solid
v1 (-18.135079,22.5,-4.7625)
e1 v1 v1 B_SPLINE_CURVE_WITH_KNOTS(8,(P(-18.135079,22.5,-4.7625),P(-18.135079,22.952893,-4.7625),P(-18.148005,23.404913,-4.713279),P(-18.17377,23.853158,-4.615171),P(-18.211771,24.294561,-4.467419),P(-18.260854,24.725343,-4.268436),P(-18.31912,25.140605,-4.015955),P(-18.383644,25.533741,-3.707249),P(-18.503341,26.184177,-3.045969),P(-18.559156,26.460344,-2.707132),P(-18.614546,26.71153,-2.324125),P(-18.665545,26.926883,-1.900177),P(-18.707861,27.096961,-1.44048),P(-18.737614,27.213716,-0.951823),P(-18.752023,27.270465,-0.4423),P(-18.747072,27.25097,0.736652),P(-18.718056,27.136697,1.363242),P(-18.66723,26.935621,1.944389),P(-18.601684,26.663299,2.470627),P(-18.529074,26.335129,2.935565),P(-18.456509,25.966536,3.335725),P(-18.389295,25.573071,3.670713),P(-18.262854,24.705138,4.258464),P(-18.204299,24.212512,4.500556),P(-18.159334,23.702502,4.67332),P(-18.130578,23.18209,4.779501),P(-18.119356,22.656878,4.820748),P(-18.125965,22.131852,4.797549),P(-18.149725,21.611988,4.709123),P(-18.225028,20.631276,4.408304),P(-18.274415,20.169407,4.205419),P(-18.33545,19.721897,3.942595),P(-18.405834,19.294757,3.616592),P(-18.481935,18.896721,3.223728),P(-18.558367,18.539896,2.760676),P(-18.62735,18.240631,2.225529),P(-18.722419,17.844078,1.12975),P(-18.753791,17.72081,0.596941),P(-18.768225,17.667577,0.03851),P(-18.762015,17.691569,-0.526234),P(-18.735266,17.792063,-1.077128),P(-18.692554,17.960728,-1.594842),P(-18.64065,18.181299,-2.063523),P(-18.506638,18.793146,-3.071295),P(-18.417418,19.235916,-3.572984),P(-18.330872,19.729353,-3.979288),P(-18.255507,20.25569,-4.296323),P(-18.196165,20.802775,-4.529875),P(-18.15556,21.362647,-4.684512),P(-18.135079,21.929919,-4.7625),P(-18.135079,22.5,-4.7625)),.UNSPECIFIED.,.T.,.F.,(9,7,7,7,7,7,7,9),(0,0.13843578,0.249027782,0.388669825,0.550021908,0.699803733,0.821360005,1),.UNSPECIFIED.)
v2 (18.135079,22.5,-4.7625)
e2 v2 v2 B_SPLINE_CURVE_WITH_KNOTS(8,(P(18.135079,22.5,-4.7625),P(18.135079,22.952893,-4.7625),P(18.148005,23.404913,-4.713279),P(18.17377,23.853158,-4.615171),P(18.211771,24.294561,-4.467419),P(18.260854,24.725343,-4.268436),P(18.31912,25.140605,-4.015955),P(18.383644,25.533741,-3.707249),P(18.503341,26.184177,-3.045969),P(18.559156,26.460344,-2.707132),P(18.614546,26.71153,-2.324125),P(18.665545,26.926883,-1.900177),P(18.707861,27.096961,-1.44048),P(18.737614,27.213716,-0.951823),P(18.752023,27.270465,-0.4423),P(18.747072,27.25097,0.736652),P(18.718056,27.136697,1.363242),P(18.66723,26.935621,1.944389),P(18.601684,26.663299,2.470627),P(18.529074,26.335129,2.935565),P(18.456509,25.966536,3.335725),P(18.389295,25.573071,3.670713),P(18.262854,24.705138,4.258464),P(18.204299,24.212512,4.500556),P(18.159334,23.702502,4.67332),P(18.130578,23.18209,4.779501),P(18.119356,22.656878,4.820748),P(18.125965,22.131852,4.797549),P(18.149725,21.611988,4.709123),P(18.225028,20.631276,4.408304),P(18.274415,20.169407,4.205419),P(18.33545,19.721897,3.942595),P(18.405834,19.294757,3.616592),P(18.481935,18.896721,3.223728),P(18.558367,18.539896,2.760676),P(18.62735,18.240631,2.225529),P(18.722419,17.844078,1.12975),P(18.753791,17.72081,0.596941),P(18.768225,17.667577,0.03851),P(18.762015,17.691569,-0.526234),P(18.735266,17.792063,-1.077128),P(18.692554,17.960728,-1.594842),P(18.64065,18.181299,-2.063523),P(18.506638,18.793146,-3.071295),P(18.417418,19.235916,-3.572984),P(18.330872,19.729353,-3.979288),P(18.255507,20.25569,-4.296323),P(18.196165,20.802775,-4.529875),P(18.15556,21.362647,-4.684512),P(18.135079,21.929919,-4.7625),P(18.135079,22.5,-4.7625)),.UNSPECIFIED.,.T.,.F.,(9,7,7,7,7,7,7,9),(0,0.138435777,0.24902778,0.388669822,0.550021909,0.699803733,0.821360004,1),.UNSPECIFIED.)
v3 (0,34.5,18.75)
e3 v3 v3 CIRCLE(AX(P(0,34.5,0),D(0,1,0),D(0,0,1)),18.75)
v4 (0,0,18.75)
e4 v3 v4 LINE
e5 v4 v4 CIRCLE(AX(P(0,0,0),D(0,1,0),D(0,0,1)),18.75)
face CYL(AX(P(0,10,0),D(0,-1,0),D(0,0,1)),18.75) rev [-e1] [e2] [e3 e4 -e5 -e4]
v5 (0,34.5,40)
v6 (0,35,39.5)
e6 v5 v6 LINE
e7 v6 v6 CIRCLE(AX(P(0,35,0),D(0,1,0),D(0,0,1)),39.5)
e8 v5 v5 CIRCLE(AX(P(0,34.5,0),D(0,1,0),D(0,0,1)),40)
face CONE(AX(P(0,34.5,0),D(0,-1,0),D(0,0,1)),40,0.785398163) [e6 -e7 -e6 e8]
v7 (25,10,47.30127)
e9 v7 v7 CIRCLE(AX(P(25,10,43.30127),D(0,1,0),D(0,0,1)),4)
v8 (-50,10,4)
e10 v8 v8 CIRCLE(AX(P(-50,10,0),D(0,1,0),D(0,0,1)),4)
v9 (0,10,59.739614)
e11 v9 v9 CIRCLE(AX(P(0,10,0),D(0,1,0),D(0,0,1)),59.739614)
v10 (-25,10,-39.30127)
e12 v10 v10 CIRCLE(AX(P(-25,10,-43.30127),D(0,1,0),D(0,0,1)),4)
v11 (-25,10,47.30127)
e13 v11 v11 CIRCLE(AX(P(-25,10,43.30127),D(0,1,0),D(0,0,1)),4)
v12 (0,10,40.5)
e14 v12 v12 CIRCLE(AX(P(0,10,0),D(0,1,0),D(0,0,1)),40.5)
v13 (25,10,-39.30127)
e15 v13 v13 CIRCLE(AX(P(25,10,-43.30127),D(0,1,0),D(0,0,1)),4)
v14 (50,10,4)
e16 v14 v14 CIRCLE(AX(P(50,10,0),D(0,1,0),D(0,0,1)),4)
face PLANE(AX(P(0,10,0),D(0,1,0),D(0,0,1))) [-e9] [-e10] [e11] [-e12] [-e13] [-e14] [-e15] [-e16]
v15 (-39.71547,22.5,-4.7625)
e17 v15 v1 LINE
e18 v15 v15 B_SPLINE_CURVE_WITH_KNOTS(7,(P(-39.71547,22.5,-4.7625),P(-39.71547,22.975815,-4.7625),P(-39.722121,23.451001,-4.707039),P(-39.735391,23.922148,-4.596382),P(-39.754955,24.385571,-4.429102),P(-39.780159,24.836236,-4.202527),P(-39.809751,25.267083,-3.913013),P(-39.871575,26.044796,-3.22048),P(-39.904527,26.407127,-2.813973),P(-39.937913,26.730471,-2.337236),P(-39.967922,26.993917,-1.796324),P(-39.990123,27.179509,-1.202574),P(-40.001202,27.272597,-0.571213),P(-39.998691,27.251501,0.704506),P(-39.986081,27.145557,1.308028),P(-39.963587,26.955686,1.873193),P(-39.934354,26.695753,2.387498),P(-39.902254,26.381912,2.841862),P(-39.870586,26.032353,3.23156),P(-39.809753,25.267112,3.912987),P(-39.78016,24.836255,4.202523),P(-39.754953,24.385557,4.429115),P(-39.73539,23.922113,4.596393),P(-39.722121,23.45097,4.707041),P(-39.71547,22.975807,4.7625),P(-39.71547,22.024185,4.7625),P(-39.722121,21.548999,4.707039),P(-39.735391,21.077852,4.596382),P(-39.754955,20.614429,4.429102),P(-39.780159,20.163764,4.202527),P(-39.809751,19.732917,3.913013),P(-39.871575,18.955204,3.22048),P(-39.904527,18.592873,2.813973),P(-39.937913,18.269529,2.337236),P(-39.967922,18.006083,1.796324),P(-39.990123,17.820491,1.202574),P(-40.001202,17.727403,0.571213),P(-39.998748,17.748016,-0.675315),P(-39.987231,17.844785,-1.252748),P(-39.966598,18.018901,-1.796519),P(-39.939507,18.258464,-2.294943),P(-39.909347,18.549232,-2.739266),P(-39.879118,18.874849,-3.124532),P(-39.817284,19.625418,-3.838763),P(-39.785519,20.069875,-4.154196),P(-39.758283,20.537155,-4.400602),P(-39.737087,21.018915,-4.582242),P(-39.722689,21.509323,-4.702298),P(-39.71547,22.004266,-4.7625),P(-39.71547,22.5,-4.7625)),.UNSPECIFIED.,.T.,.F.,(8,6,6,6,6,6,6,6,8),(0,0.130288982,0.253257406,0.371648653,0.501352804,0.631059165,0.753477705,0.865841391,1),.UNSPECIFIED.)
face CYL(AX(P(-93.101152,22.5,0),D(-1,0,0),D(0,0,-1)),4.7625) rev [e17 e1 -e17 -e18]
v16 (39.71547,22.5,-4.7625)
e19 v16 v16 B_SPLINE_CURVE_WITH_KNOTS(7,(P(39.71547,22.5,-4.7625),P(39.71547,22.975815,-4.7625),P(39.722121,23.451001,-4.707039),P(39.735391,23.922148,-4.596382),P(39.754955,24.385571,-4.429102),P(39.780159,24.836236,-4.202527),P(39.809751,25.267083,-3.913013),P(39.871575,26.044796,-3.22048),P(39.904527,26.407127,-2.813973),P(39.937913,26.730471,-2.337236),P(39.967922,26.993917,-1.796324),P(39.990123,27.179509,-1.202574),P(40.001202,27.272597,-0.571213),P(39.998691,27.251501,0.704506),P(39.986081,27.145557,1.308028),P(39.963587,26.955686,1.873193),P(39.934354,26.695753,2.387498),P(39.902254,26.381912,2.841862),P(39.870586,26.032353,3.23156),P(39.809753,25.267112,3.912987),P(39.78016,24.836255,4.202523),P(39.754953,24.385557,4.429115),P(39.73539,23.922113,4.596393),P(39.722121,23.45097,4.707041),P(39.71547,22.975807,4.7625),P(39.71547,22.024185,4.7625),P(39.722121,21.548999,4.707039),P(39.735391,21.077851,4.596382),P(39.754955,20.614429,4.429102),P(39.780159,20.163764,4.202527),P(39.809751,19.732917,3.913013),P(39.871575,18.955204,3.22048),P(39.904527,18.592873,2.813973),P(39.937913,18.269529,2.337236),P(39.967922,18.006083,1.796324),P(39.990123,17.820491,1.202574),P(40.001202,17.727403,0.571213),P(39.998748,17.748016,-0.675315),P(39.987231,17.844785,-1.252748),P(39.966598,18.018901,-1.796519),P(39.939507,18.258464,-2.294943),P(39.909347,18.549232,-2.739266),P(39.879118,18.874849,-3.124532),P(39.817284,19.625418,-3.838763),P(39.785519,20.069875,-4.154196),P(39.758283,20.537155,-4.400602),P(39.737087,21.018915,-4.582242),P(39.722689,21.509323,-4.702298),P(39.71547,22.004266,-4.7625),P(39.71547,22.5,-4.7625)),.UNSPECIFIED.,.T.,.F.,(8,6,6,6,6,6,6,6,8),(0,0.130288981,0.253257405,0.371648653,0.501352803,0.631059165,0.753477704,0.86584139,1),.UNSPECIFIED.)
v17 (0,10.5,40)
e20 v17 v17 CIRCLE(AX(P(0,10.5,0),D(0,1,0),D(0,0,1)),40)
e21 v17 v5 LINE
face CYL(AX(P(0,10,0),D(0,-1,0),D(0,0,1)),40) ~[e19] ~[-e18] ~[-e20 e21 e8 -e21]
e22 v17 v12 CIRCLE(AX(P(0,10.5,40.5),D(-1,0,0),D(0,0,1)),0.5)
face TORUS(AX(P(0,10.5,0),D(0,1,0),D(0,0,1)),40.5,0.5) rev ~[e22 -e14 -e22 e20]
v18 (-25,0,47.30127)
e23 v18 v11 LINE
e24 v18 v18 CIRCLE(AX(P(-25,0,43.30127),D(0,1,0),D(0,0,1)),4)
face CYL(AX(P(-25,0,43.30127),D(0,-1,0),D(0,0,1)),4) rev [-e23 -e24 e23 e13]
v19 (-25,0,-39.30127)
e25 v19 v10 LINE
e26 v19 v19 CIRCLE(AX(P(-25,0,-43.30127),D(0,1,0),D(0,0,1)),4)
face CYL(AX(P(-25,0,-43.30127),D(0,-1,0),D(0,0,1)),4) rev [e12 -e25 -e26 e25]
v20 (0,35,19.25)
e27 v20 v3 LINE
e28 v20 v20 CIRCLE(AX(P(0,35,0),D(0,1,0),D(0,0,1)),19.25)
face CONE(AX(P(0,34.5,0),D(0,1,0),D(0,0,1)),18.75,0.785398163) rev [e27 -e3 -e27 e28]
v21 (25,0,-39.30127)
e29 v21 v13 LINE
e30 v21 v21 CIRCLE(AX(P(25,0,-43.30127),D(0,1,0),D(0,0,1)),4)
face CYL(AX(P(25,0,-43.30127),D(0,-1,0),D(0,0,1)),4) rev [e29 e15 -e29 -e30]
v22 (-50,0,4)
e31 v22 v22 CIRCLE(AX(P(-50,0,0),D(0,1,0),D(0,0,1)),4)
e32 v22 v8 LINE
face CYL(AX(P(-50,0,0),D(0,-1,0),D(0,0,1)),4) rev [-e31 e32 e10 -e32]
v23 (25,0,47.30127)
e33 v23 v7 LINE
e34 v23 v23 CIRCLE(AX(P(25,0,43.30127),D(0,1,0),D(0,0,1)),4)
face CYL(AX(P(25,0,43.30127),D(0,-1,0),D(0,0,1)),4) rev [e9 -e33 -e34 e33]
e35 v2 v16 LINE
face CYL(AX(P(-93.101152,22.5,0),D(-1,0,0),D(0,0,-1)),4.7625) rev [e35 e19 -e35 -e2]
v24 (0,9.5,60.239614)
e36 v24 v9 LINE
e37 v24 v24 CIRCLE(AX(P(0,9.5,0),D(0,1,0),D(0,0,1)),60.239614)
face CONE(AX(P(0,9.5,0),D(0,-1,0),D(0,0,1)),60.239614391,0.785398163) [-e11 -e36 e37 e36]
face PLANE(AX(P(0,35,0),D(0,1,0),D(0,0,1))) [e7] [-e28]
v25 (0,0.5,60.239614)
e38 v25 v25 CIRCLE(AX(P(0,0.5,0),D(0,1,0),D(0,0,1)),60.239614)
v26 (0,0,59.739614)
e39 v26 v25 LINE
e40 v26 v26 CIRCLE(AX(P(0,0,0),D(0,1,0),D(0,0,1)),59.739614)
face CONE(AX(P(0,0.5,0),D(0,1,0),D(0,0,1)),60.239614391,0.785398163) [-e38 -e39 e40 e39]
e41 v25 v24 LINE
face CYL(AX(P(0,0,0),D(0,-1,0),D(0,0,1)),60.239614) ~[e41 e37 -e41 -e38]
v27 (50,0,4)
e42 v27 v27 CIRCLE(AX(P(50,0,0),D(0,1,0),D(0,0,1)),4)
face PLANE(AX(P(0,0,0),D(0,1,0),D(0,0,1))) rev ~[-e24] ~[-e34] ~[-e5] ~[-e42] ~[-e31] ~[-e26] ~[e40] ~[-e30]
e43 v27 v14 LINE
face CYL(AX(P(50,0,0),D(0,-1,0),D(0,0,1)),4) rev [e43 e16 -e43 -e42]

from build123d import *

# Parameters (mm, degrees)
CROQUIS1_R                 = 60.239614391
CROQUIS1_R_2               = 18.75
CROQUIS1_R_3               = 4
SALIENTE_EXTRUIR1_DEPTH    = 10
CROQUIS2_R                 = 40
CROQUIS2_R_2               = 18.75
SALIENTE_EXTRUIR2_DEPTH    = 25
CHAFL_N2_SIZE              = 0.5
REDONDEO1_R                = 0.5
CORTAR_EXTRUIR1_DEPTH      = 93.101152457
CORTAR_EXTRUIR1_DEPTH_BACK = 93.101152457
CROQUIS3_R                 = 4.7625


with BuildPart() as part:
    # Croquis1 → Saliente-Extruir1 (new body)
    with BuildSketch(Plane(origin=(0, 0, 0), x_dir=(1, 0, 0), z_dir=(0, 1, 0))):
        with Locations(Location((0, 0, 0), (0, 0, 270))):
            Circle(CROQUIS1_R)
        with Locations(Location((0, 0, 0), (0, 0, 270))):
            Circle(CROQUIS1_R_2, mode=Mode.SUBTRACT)
        with Locations(Location((25, -43.301270189, 0), (0, 0, 270))):
            Circle(CROQUIS1_R_3, mode=Mode.SUBTRACT)
        with Locations(Location((-25, -43.301270189, 0), (0, 0, 270))):
            Circle(CROQUIS1_R_3, mode=Mode.SUBTRACT)
        with Locations(Location((-50, 0, 0), (0, 0, 270))):
            Circle(CROQUIS1_R_3, mode=Mode.SUBTRACT)
        with Locations(Location((-25, 43.301270189, 0), (0, 0, 270))):
            Circle(CROQUIS1_R_3, mode=Mode.SUBTRACT)
        with Locations(Location((25, 43.301270189, 0), (0, 0, 270))):
            Circle(CROQUIS1_R_3, mode=Mode.SUBTRACT)
        with Locations(Location((50, 0, 0), (0, 0, 270))):
            Circle(CROQUIS1_R_3, mode=Mode.SUBTRACT)
    extrude(amount=SALIENTE_EXTRUIR1_DEPTH)

    # Croquis2 → Saliente-Extruir2 (add)
    with BuildSketch(Plane(origin=(0, 10, 0), x_dir=(1, 0, 0), z_dir=(0, 1, 0))):
        with Locations(Location((0, 0, 0), (0, 0, 270))):
            Circle(CROQUIS2_R)
        with Locations(Location((0, 0, 0), (0, 0, 270))):
            Circle(CROQUIS2_R_2, mode=Mode.SUBTRACT)
    extrude(amount=SALIENTE_EXTRUIR2_DEPTH)

    # Chaflán2
    chafl_n2_edges = [part.edges().sort_by_distance(p)[0] for p in [
        (0, 0, -60.239614391),
        (0, 35, -40),
        (0, 35, -18.75),
        (0, 10, -60.239614391),
    ]]
    chamfer(chafl_n2_edges, length=CHAFL_N2_SIZE)

    # Redondeo1
    redondeo1_edges = [part.edges().sort_by_distance(p)[0] for p in [
        (0, 10, -40),
    ]]
    fillet(redondeo1_edges, radius=REDONDEO1_R)

    # Croquis3 → Cortar-Extruir1 (cut, two sides: drawn at the far end of the back side and taken through both)
    with BuildSketch(Plane(origin=(0, 0, 0), x_dir=(0, 0, -1), z_dir=(1, 0, 0)).offset(-CORTAR_EXTRUIR1_DEPTH_BACK)):
        with Locations((0, 22.5)):
            Circle(CROQUIS3_R)
    extrude(amount=CORTAR_EXTRUIR1_DEPTH + CORTAR_EXTRUIR1_DEPTH_BACK, mode=Mode.SUBTRACT)


solid = part.part
